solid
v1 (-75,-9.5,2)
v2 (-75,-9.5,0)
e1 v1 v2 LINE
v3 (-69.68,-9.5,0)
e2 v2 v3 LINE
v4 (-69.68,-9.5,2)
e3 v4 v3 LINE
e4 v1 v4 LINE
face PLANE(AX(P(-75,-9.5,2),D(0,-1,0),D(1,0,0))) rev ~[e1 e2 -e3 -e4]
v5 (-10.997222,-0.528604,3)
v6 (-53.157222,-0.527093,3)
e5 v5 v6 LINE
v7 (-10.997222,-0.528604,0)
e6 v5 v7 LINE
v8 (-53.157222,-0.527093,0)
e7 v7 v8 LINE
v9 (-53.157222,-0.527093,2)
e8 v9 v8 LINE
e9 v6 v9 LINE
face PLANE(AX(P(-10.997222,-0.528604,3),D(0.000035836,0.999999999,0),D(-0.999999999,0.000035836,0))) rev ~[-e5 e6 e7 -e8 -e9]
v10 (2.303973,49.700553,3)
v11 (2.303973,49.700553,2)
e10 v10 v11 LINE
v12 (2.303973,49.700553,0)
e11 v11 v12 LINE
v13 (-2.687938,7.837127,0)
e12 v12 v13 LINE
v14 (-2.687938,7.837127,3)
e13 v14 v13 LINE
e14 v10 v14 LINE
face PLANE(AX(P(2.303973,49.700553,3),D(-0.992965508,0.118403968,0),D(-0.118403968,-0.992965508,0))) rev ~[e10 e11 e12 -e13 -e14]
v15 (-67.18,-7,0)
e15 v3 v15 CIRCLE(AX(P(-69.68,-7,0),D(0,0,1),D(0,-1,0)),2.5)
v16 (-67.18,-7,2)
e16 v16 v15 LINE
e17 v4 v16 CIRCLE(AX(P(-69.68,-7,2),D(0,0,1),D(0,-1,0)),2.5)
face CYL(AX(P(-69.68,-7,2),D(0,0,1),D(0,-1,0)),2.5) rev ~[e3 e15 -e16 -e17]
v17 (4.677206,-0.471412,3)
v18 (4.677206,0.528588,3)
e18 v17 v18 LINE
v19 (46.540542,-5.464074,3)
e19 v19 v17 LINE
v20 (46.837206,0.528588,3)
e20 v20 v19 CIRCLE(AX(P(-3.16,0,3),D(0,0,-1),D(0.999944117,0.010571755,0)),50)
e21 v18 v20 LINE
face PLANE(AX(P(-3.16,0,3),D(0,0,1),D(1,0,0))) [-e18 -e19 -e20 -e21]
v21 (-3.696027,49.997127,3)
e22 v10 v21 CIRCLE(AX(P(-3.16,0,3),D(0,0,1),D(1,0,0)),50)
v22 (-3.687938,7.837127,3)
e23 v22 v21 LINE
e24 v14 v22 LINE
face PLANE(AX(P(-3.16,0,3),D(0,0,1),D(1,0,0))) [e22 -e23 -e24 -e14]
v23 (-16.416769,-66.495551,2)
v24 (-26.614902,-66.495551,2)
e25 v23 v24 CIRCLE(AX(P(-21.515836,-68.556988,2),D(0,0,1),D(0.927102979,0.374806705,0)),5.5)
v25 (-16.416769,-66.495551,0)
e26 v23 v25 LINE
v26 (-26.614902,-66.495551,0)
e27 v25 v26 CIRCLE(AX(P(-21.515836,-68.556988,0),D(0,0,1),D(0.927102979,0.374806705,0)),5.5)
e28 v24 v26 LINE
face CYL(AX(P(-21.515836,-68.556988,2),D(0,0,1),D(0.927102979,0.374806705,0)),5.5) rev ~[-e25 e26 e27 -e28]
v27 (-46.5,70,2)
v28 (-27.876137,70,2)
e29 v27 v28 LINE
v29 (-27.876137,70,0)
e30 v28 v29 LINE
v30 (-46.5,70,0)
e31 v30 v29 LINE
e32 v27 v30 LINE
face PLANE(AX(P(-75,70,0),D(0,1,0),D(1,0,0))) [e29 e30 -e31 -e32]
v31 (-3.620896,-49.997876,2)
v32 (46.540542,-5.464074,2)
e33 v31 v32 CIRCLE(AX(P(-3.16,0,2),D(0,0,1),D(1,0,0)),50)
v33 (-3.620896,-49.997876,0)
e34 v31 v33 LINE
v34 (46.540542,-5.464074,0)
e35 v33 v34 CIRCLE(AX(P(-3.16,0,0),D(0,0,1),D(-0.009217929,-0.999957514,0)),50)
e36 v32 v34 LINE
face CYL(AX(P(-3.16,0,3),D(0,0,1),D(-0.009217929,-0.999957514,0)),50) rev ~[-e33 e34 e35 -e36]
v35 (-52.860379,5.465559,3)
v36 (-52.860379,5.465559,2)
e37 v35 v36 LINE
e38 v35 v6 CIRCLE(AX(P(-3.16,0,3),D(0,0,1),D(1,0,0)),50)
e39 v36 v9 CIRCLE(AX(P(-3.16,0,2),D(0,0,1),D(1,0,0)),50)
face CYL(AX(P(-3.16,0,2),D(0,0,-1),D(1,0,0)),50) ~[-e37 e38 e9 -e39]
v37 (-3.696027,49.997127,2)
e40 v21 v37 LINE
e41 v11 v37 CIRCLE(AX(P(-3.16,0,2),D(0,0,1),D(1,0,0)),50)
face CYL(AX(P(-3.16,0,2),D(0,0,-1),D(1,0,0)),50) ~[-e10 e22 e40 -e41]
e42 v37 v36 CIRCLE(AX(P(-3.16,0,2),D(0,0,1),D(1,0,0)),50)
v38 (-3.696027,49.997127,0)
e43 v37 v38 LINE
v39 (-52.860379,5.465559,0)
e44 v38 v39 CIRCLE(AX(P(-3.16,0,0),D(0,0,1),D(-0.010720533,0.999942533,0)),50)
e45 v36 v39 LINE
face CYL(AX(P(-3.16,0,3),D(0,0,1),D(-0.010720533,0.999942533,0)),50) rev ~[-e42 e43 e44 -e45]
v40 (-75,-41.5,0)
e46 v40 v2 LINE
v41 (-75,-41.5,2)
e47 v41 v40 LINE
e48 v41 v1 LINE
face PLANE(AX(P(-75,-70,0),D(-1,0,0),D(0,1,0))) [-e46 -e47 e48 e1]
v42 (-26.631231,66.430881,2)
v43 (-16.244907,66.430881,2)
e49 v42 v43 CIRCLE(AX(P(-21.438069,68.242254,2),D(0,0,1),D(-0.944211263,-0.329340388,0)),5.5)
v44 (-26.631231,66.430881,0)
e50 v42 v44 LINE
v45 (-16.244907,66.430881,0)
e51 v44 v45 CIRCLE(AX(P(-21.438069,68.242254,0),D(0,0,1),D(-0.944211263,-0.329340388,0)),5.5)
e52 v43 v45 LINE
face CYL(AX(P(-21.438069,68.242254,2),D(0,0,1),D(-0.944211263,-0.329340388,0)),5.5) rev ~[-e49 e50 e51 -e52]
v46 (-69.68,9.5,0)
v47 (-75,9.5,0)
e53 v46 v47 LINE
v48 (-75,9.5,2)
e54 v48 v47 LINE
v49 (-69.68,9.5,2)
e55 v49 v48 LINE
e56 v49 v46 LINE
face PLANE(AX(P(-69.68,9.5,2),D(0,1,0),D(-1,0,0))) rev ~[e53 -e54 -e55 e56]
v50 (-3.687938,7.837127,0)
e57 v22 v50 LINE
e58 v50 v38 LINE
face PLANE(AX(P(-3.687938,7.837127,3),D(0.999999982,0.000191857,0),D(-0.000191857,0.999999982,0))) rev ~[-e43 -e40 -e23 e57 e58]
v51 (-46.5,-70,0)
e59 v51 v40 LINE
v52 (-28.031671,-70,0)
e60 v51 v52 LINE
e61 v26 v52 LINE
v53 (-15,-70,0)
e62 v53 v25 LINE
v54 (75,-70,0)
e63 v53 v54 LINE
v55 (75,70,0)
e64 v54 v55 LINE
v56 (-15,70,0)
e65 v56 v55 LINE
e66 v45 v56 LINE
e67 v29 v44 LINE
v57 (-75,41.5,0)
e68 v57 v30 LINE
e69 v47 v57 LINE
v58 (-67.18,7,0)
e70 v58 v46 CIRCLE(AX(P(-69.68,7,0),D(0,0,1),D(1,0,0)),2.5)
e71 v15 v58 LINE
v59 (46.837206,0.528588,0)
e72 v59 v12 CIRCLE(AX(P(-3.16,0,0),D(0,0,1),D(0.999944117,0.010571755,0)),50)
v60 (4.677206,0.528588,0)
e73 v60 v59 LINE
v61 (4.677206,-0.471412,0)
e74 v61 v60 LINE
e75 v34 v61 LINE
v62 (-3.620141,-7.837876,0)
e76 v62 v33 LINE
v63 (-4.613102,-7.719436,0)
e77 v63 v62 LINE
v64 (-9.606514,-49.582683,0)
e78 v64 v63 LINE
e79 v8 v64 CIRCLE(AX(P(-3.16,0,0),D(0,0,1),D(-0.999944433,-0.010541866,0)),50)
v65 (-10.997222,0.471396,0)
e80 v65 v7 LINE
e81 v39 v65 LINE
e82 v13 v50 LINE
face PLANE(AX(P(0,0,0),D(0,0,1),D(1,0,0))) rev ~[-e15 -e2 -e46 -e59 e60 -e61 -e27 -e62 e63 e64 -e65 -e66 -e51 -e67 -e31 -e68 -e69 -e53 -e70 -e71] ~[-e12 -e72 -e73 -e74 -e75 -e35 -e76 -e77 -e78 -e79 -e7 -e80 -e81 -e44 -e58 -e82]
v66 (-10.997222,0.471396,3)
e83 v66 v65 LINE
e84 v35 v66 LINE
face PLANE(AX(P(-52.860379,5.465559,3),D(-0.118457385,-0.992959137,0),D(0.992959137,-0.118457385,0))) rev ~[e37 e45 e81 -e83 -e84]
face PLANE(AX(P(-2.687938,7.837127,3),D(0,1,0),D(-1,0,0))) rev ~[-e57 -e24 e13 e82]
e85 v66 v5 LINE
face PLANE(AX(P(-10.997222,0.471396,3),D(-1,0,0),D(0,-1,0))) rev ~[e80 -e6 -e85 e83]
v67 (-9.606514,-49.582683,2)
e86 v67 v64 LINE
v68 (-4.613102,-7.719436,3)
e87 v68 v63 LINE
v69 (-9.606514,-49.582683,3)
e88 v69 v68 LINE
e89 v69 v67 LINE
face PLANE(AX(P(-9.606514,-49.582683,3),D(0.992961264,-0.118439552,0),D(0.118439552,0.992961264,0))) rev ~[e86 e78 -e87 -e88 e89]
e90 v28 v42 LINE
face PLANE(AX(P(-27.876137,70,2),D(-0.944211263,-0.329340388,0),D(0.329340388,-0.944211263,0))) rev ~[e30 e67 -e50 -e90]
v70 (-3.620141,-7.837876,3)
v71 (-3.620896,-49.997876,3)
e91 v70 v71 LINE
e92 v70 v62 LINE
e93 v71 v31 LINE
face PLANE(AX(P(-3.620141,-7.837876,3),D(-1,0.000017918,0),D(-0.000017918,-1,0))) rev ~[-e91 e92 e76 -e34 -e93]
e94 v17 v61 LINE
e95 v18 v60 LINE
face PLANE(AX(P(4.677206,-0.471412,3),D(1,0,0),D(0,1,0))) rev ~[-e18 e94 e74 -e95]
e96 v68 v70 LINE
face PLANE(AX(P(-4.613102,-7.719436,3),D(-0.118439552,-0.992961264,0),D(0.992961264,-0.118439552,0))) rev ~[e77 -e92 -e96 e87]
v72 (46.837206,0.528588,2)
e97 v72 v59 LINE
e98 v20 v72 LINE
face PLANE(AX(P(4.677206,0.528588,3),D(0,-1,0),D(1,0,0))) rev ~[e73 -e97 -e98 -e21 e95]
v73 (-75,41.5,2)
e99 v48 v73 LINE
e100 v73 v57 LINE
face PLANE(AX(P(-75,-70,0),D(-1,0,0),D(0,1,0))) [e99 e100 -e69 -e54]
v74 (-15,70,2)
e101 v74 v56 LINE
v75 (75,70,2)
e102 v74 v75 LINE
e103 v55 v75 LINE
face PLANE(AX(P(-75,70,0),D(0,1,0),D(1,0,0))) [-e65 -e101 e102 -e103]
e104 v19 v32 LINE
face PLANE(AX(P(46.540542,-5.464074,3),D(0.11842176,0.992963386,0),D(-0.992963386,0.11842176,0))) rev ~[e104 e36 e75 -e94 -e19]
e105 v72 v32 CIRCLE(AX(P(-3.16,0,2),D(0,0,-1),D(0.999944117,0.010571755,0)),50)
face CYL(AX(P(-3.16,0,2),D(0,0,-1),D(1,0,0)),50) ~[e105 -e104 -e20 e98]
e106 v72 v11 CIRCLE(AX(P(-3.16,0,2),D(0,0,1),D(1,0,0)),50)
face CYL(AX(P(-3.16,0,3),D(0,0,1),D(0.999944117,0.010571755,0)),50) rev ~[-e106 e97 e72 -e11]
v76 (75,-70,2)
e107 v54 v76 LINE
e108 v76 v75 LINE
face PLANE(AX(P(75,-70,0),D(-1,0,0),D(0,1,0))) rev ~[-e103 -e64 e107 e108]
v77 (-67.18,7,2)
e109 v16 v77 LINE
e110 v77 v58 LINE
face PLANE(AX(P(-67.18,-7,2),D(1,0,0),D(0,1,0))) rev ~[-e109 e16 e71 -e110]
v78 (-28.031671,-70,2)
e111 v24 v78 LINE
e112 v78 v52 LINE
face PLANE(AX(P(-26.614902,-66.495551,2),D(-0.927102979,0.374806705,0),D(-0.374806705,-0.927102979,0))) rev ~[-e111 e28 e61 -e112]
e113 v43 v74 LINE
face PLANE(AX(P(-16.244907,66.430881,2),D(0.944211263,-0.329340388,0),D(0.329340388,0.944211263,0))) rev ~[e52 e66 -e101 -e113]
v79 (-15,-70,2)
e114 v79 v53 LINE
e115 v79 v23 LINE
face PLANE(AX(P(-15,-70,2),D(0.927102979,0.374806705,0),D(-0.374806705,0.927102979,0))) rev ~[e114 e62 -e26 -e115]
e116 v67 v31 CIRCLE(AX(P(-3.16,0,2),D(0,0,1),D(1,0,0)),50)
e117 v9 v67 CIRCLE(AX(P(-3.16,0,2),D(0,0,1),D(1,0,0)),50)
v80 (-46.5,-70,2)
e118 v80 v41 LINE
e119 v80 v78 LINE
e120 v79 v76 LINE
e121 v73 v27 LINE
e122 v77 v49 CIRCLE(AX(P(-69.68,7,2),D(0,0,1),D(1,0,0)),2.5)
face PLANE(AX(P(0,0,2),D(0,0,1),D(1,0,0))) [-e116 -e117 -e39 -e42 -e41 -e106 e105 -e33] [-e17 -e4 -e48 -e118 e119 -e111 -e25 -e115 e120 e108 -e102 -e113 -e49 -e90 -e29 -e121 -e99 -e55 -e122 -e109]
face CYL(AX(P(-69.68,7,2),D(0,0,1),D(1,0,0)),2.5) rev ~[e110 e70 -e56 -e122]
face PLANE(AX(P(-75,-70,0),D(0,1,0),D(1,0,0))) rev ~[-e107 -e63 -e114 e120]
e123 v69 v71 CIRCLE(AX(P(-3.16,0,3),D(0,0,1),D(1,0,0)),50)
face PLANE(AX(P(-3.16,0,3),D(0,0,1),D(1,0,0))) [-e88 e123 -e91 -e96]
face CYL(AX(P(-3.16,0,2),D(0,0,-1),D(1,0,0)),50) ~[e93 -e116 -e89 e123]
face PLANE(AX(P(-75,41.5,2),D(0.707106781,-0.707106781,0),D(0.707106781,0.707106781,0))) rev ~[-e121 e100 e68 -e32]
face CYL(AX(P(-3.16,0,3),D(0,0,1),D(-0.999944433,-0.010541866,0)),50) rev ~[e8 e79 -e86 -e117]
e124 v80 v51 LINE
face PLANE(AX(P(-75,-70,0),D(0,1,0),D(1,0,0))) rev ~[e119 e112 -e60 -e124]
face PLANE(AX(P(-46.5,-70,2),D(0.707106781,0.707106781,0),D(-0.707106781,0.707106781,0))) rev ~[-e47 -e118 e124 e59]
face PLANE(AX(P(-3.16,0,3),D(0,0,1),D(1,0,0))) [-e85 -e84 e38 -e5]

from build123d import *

# Parameters (mm, degrees)
F0_W      = 150
F0_H      = 140
F1_DEPTH  = 2
F3_DEPTH  = 2.001
F5_DEPTH  = 2.001
F7_DEPTH  = 2.001
F8_R      = 50
F9_DEPTH  = 1
F11_DEPTH = 25


with BuildPart() as f1:
    # F0 (on Top) → F1 (new body)
    with BuildSketch(Plane.XY):
        Rectangle(F0_W, F0_H)
    extrude(amount=F1_DEPTH)

    # F2 (on face) → F3 (cut, through all)
    with BuildSketch(Plane.XY.offset(2)):
        Polygon((-75, 70), (-75, 41.5), (-46.5, 70), align=None)
        Polygon((-46.5, -70), (-75, -41.5), (-75, -70), align=None)
    extrude(amount=-F3_DEPTH, mode=Mode.SUBTRACT)

    # F4 (on face) → F5 (cut, through all)
    with BuildSketch(Plane.XY.offset(2)):
        with BuildLine():
            Line((-69.68, 9.5), (-75, 9.5))
            Line((-75, 9.5), (-75, -9.5))
            Line((-75, -9.5), (-69.68, -9.5))
            ThreePointArc((-69.68, -9.5), (-67.912233047, -8.767766953), (-67.18, -7))
            Line((-67.18, -7), (-67.18, 7))
            ThreePointArc((-67.18, 7), (-67.912233047, 8.767766953), (-69.68, 9.5))
        make_face()
    extrude(amount=-F5_DEPTH, mode=Mode.SUBTRACT)

    # F6 (on face) → F7 (cut, through all)
    with BuildSketch(Plane.XY.offset(2)):
        with BuildLine():
            Line((-28.0316714603, -70), (-15, -70))
            Line((-15, -70), (-16.4167693452, -66.4955507391))
            ThreePointArc((-16.4167693452, -66.4955507391), (-21.5158357302, -63.056987617), (-26.6149021151, -66.4955507391))
            Line((-26.6149021151, -66.4955507391), (-28.0316714603, -70))
        make_face()
        with BuildLine():
            Line((-27.8761372256, 70), (-26.6312305576, 66.430881427))
            ThreePointArc((-26.6312305576, 66.430881427), (-21.4380686128, 62.742253563), (-16.244906668, 66.430881427))
            Line((-16.244906668, 66.430881427), (-15, 70))
            Line((-15, 70), (-27.8761372256, 70))
        make_face()
    extrude(amount=-F7_DEPTH, mode=Mode.SUBTRACT)

    # F8 (on face) → F9 (join)
    with BuildSketch(Plane.XY.offset(2)):
        with Locations((-3.16, 0)):
            Circle(F8_R)
    extrude(amount=F9_DEPTH)

    # F10 (on face) → F11 (cut)
    with BuildSketch(Plane.XY.offset(3)):
        with BuildLine():
            Line((-3.6879379587, 7.8371274476), (-3.6960266549, 49.9971266717))
            ThreePointArc((-3.6960266549, 49.9971266717), (-36.7261918512, 37.05820779), (-52.8603788952, 5.4655592283))
            Line((-52.8603788952, 5.4655592283), (-10.9972216764, 0.4713958675))
            Line((-10.9972216764, 0.4713958675), (-10.9972216764, -0.5286041325))
            Line((-10.9972216764, -0.5286041325), (-53.1572216493, -0.5270933046))
            ThreePointArc((-53.1572216493, -0.5270933046), (-40.550995441, -33.1950818636), (-9.6065138215, -49.5826830612))
            Line((-9.6065138215, -49.5826830612), (-4.6131023208, -7.7194361544))
            Line((-4.6131023208, -7.7194361544), (-3.6201410564, -7.8378757061))
            Line((-3.6201410564, -7.8378757061), (-3.6208964704, -49.9978756993))
            ThreePointArc((-3.6208964704, -49.9978756993), (30.0356406829, -37.3904993234), (46.5405422428, -5.4640736429))
            Line((46.5405422428, -5.4640736429), (4.6772058717, -0.4714122399))
            Line((4.6772058717, -0.4714122399), (4.6772058717, 0.5285877601))
            Line((4.6772058717, 0.5285877601), (46.8372058717, 0.5285877601))
            ThreePointArc((46.8372058717, 0.5285877601), (33.9001692932, 33.5640261584), (2.3039733451, 49.7005532694))
            Line((2.3039733451, 49.7005532694), (-2.6879379587, 7.8371274476))
            Line((-2.6879379587, 7.8371274476), (-3.6879379587, 7.8371274476))
        make_face()
    extrude(amount=-F11_DEPTH, mode=Mode.SUBTRACT)


solid = f1.part
